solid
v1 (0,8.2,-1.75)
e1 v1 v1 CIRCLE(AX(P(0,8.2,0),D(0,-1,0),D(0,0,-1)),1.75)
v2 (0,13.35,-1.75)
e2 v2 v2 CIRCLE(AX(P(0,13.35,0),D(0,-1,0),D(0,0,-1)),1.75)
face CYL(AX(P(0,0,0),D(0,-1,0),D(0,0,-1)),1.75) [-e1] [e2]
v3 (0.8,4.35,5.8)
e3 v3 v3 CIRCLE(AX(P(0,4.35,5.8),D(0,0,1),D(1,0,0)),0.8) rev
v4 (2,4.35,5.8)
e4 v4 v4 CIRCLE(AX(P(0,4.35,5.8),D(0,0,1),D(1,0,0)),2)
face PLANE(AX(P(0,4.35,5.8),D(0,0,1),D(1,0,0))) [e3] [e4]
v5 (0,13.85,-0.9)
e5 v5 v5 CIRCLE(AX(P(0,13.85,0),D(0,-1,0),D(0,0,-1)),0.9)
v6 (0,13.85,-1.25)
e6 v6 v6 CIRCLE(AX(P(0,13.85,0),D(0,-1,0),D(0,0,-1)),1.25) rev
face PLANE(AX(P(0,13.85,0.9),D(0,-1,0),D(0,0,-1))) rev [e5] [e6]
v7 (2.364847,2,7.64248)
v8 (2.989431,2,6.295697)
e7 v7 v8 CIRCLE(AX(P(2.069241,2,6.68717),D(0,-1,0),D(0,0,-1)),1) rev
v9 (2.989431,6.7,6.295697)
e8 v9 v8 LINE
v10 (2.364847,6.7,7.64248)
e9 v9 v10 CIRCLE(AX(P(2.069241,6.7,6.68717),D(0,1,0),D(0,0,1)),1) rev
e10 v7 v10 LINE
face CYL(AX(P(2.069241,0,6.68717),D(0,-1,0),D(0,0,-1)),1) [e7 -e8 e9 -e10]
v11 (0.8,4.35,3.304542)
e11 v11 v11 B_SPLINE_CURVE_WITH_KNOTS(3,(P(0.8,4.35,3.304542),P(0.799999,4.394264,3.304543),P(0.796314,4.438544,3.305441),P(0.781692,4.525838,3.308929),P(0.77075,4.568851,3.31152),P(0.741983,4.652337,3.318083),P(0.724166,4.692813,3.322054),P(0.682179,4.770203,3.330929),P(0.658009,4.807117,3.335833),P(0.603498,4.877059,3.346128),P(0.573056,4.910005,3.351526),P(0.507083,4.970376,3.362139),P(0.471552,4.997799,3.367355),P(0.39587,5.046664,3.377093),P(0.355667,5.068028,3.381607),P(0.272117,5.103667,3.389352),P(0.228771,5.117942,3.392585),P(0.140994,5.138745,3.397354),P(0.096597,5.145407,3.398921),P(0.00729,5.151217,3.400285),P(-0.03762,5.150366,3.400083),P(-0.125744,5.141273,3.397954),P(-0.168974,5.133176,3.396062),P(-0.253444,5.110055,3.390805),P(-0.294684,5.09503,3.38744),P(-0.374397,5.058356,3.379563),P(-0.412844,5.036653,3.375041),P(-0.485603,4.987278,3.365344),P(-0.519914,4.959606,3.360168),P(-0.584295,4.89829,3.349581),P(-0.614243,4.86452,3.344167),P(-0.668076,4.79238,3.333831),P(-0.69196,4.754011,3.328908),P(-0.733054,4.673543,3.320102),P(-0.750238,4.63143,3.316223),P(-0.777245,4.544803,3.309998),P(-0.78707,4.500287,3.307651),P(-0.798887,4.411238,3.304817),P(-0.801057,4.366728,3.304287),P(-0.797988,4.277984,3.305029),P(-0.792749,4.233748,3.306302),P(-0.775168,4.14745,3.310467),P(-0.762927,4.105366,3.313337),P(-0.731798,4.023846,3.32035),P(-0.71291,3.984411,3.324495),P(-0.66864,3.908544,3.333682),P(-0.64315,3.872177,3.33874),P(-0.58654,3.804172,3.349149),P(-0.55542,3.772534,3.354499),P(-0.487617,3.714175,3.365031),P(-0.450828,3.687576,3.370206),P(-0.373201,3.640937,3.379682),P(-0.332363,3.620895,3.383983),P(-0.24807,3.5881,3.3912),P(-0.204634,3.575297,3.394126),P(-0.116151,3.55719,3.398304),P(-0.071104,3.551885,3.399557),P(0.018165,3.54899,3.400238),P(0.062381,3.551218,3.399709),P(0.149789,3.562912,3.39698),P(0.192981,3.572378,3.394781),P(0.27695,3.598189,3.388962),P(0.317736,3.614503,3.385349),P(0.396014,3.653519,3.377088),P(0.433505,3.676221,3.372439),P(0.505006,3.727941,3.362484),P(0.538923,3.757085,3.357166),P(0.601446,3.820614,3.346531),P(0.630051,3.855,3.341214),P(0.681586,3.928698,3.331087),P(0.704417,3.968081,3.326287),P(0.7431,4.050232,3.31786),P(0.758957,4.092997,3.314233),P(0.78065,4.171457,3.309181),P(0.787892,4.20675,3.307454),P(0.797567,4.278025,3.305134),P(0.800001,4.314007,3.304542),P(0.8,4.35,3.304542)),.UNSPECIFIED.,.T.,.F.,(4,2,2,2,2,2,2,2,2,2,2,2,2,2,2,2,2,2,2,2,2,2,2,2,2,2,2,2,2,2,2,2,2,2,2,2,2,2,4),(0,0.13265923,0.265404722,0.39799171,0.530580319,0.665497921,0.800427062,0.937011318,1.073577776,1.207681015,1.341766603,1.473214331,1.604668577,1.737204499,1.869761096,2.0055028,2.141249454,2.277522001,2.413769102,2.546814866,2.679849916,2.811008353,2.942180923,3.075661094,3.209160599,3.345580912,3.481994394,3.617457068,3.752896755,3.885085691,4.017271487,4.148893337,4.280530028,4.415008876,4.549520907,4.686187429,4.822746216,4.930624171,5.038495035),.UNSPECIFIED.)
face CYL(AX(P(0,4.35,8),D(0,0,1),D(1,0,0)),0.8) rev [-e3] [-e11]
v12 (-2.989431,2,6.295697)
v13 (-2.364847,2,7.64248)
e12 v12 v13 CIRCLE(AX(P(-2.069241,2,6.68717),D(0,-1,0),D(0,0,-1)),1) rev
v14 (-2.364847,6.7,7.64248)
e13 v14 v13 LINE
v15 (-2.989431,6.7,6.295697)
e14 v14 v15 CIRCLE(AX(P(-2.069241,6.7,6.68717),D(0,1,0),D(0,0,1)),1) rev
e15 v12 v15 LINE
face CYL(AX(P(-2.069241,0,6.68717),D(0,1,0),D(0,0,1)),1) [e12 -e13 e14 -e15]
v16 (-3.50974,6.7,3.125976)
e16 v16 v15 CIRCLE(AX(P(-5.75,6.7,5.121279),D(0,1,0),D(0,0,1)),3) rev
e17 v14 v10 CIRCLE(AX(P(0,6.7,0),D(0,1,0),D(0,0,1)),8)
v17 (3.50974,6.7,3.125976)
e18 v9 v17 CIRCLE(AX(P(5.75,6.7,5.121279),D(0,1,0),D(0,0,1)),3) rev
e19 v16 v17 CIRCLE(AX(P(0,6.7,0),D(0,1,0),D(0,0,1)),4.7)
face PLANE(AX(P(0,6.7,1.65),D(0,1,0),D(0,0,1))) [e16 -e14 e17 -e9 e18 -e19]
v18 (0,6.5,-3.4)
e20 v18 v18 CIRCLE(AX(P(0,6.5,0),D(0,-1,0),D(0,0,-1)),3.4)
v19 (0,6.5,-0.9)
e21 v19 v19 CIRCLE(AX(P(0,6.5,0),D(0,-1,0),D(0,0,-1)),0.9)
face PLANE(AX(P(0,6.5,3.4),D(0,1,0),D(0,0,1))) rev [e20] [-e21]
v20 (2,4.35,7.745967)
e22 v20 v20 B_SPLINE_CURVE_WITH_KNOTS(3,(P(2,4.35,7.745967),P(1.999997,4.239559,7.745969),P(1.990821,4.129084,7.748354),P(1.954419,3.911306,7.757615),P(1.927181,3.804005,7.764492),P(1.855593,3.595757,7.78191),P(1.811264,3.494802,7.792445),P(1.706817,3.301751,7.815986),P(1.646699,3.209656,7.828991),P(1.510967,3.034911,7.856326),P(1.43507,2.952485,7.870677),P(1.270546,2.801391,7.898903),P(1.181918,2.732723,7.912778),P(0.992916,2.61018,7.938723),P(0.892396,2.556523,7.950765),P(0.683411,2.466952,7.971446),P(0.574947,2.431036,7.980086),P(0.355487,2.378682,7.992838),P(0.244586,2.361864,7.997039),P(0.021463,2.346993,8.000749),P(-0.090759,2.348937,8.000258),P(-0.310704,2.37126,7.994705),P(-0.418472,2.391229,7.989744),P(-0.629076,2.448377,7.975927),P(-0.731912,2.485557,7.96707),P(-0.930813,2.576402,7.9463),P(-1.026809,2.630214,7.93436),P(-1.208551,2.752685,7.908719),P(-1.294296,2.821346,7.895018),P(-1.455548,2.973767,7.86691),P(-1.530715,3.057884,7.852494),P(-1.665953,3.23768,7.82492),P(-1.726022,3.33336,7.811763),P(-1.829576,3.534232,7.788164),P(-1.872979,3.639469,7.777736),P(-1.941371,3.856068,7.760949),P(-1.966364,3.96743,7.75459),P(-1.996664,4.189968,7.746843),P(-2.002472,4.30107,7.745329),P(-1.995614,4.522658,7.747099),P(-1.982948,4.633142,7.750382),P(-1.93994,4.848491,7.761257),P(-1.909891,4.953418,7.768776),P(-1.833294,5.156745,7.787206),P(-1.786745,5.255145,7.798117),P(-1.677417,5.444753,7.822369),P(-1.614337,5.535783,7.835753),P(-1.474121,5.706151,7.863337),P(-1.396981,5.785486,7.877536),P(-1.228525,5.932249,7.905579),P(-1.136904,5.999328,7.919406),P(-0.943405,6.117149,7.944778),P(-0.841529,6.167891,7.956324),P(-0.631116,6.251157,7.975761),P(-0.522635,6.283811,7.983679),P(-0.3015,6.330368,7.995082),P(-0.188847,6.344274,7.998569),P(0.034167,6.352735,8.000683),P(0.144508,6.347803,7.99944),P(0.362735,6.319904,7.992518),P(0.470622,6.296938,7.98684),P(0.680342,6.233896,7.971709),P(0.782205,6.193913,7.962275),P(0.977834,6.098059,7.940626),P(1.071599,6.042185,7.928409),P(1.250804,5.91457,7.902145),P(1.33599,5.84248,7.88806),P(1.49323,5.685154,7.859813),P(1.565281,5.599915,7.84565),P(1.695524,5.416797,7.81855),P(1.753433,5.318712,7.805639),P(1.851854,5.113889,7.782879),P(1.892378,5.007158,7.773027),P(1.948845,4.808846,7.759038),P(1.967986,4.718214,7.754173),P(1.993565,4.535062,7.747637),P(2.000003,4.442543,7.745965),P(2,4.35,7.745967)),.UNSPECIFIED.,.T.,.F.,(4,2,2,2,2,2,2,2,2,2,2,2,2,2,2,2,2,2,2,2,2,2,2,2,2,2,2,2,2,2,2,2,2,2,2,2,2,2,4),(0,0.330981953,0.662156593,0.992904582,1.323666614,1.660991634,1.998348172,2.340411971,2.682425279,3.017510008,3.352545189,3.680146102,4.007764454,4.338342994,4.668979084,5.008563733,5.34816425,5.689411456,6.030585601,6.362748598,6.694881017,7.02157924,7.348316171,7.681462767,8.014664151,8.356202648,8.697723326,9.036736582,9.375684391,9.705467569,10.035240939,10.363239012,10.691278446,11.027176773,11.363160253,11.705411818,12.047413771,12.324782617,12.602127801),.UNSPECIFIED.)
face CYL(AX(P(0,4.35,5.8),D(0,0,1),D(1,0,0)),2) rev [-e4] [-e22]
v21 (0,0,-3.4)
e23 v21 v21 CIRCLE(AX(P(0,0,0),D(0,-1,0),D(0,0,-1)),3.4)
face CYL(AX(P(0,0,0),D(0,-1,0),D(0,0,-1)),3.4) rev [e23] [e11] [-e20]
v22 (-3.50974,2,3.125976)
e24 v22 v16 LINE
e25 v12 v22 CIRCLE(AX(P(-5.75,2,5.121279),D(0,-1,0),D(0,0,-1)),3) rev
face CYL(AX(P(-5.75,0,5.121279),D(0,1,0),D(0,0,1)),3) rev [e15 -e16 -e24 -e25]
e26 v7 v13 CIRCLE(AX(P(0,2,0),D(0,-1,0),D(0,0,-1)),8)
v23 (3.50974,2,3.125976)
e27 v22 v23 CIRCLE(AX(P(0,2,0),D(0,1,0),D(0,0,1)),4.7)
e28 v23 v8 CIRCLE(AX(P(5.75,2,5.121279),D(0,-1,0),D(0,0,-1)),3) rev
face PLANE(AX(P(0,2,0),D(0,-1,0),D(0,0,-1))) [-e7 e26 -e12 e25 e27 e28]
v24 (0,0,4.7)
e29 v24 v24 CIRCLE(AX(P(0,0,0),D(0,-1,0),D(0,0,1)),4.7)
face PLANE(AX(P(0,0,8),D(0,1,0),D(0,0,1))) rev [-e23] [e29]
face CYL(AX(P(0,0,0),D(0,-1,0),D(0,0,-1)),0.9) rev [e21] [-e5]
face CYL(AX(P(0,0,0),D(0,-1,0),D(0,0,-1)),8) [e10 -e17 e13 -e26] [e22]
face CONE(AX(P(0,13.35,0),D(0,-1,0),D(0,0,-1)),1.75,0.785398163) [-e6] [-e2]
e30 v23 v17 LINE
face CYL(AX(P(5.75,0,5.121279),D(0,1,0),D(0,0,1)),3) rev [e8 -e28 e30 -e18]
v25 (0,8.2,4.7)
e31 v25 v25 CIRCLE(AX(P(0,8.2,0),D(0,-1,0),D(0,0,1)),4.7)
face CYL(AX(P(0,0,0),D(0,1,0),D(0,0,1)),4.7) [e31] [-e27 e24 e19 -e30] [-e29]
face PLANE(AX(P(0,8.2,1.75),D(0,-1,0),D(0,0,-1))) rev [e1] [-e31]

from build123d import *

# Parameters (mm, degrees)
CUT_EXTRUDE_1_DEPTH   = 9.2
FILLET_1_R            = 1
SKETCH_5_OUTSIDE_W    = 15.602
SKETCH_5_OUTSIDE_H    = 18.902
SKETCH_5_OUTSIDE_R    = 4.7
CUT_EXTRUDE_4_DEPTH   = 1.5
CUT_EXTRUDE_START     = -8.2
SKETCH_5_2_OUTSIDE_W  = 15.602
SKETCH_5_2_OUTSIDE_H  = 18.902
SKETCH_5_2_OUTSIDE_R  = 4.7
CUT_EXTRUDE_5_DEPTH   = 2
CHAMFER_1_SIZE        = 0.5
M2_TAPPED_HOLE1_D     = 1.6
M2_TAPPED_HOLE1_DEPTH = 5.2
M2_TAPPED_HOLE1_TIP   = 0.480688495
SKETCH4_R             = 2
CUT_EXTRUDE1_DEPTH    = 2.2


with BuildPart() as part:
    # Эскиз1 → Повернуть1 (revolve)
    with BuildSketch(Plane(origin=(0, 0, 0), x_dir=(0, 0, -1), z_dir=(1, 0, 0))):
        Polygon((-3.4, 0), (-3.4, 6.5), (-0.9, 6.5), (-0.9, 13.85), (-1.75, 13.85), (-1.75, 8.2), (-8, 8.2), (-8, 0), align=None)
    revolve(axis=Axis((0, 0, 0), (0, 1, 0)))

    # Эскиз2 → Вырез-Вытянуть1 (cut, through all)
    with BuildSketch(Plane(origin=(0, 8.2, 0), x_dir=(1, 0, 0), z_dir=(0, 1, 0))):
        with BuildLine():
            ThreePointArc((7.99025974, -7.116582697), (0, 10.7), (-7.99025974, -7.116582697))
            ThreePointArc((-7.99025974, -7.116582697), (-3.75469644, -7.361538877), (-3.50974026, -3.125975577))
            ThreePointArc((-3.50974026, -3.125975577), (0, 4.7), (3.50974026, -3.125975577))
            ThreePointArc((3.50974026, -3.125975577), (3.75469644, -7.361538877), (7.99025974, -7.116582697))
        make_face()
    extrude(amount=-CUT_EXTRUDE_1_DEPTH, mode=Mode.SUBTRACT)

    # Скругление1
    fillet_1_edges = [part.edges().sort_by_distance(p)[0] for p in [
        (-3.555293146, 4.1, 7.166581517),
        (3.555293146, 4.1, 7.166581517),
    ]]
    fillet(fillet_1_edges, radius=FILLET_1_R)

    # Эскиз5 outside → Вырез-Вытянуть4 (cut)
    with BuildSketch(Plane(origin=(0, 8.2, 0), x_dir=(1, 0, 0), z_dir=(0, 1, 0))):
        with Locations((0, -1.65)):
            Rectangle(SKETCH_5_OUTSIDE_W, SKETCH_5_OUTSIDE_H)
        Circle(SKETCH_5_OUTSIDE_R, mode=Mode.SUBTRACT)
    extrude(amount=-CUT_EXTRUDE_4_DEPTH, mode=Mode.SUBTRACT)

    # Эскиз5<2> outside → Вырез-Вытянуть5 (cut)
    with BuildSketch(Plane(origin=(0, 8.2, 0), x_dir=(1, 0, 0), z_dir=(0, 1, 0)).offset(CUT_EXTRUDE_START)):
        with Locations((0, -1.65)):
            Rectangle(SKETCH_5_2_OUTSIDE_W, SKETCH_5_2_OUTSIDE_H)
        Circle(SKETCH_5_2_OUTSIDE_R, mode=Mode.SUBTRACT)
    extrude(amount=CUT_EXTRUDE_5_DEPTH, mode=Mode.SUBTRACT)

    # Фаска1
    chamfer_1_edges = [part.edges().sort_by_distance(p)[0] for p in [
        (0, 13.85, -1.75),
    ]]
    chamfer(chamfer_1_edges, length=CHAMFER_1_SIZE)

    # M2 Tapped Hole1
    with Locations(Plane(origin=(0, 8.2, 8), x_dir=(1, 0, 0), z_dir=(0, 0, 1))):
        with Locations((0, -3.85)):
            Hole(M2_TAPPED_HOLE1_D / 2, depth=M2_TAPPED_HOLE1_DEPTH)
            with Locations((0, 0, -(M2_TAPPED_HOLE1_DEPTH + M2_TAPPED_HOLE1_TIP / 2))):  # 118° drill point
                Cone(0, M2_TAPPED_HOLE1_D / 2, M2_TAPPED_HOLE1_TIP, mode=Mode.SUBTRACT)

    # Sketch4 → Cut-Extrude1 (cut)
    with BuildSketch(Plane(origin=(0, 8.2, 8), x_dir=(1, 0, 0), z_dir=(0, 0, 1))):
        with Locations((0, -3.85)):
            Circle(SKETCH4_R)
    extrude(amount=-CUT_EXTRUDE1_DEPTH, mode=Mode.SUBTRACT)


solid = part.part
